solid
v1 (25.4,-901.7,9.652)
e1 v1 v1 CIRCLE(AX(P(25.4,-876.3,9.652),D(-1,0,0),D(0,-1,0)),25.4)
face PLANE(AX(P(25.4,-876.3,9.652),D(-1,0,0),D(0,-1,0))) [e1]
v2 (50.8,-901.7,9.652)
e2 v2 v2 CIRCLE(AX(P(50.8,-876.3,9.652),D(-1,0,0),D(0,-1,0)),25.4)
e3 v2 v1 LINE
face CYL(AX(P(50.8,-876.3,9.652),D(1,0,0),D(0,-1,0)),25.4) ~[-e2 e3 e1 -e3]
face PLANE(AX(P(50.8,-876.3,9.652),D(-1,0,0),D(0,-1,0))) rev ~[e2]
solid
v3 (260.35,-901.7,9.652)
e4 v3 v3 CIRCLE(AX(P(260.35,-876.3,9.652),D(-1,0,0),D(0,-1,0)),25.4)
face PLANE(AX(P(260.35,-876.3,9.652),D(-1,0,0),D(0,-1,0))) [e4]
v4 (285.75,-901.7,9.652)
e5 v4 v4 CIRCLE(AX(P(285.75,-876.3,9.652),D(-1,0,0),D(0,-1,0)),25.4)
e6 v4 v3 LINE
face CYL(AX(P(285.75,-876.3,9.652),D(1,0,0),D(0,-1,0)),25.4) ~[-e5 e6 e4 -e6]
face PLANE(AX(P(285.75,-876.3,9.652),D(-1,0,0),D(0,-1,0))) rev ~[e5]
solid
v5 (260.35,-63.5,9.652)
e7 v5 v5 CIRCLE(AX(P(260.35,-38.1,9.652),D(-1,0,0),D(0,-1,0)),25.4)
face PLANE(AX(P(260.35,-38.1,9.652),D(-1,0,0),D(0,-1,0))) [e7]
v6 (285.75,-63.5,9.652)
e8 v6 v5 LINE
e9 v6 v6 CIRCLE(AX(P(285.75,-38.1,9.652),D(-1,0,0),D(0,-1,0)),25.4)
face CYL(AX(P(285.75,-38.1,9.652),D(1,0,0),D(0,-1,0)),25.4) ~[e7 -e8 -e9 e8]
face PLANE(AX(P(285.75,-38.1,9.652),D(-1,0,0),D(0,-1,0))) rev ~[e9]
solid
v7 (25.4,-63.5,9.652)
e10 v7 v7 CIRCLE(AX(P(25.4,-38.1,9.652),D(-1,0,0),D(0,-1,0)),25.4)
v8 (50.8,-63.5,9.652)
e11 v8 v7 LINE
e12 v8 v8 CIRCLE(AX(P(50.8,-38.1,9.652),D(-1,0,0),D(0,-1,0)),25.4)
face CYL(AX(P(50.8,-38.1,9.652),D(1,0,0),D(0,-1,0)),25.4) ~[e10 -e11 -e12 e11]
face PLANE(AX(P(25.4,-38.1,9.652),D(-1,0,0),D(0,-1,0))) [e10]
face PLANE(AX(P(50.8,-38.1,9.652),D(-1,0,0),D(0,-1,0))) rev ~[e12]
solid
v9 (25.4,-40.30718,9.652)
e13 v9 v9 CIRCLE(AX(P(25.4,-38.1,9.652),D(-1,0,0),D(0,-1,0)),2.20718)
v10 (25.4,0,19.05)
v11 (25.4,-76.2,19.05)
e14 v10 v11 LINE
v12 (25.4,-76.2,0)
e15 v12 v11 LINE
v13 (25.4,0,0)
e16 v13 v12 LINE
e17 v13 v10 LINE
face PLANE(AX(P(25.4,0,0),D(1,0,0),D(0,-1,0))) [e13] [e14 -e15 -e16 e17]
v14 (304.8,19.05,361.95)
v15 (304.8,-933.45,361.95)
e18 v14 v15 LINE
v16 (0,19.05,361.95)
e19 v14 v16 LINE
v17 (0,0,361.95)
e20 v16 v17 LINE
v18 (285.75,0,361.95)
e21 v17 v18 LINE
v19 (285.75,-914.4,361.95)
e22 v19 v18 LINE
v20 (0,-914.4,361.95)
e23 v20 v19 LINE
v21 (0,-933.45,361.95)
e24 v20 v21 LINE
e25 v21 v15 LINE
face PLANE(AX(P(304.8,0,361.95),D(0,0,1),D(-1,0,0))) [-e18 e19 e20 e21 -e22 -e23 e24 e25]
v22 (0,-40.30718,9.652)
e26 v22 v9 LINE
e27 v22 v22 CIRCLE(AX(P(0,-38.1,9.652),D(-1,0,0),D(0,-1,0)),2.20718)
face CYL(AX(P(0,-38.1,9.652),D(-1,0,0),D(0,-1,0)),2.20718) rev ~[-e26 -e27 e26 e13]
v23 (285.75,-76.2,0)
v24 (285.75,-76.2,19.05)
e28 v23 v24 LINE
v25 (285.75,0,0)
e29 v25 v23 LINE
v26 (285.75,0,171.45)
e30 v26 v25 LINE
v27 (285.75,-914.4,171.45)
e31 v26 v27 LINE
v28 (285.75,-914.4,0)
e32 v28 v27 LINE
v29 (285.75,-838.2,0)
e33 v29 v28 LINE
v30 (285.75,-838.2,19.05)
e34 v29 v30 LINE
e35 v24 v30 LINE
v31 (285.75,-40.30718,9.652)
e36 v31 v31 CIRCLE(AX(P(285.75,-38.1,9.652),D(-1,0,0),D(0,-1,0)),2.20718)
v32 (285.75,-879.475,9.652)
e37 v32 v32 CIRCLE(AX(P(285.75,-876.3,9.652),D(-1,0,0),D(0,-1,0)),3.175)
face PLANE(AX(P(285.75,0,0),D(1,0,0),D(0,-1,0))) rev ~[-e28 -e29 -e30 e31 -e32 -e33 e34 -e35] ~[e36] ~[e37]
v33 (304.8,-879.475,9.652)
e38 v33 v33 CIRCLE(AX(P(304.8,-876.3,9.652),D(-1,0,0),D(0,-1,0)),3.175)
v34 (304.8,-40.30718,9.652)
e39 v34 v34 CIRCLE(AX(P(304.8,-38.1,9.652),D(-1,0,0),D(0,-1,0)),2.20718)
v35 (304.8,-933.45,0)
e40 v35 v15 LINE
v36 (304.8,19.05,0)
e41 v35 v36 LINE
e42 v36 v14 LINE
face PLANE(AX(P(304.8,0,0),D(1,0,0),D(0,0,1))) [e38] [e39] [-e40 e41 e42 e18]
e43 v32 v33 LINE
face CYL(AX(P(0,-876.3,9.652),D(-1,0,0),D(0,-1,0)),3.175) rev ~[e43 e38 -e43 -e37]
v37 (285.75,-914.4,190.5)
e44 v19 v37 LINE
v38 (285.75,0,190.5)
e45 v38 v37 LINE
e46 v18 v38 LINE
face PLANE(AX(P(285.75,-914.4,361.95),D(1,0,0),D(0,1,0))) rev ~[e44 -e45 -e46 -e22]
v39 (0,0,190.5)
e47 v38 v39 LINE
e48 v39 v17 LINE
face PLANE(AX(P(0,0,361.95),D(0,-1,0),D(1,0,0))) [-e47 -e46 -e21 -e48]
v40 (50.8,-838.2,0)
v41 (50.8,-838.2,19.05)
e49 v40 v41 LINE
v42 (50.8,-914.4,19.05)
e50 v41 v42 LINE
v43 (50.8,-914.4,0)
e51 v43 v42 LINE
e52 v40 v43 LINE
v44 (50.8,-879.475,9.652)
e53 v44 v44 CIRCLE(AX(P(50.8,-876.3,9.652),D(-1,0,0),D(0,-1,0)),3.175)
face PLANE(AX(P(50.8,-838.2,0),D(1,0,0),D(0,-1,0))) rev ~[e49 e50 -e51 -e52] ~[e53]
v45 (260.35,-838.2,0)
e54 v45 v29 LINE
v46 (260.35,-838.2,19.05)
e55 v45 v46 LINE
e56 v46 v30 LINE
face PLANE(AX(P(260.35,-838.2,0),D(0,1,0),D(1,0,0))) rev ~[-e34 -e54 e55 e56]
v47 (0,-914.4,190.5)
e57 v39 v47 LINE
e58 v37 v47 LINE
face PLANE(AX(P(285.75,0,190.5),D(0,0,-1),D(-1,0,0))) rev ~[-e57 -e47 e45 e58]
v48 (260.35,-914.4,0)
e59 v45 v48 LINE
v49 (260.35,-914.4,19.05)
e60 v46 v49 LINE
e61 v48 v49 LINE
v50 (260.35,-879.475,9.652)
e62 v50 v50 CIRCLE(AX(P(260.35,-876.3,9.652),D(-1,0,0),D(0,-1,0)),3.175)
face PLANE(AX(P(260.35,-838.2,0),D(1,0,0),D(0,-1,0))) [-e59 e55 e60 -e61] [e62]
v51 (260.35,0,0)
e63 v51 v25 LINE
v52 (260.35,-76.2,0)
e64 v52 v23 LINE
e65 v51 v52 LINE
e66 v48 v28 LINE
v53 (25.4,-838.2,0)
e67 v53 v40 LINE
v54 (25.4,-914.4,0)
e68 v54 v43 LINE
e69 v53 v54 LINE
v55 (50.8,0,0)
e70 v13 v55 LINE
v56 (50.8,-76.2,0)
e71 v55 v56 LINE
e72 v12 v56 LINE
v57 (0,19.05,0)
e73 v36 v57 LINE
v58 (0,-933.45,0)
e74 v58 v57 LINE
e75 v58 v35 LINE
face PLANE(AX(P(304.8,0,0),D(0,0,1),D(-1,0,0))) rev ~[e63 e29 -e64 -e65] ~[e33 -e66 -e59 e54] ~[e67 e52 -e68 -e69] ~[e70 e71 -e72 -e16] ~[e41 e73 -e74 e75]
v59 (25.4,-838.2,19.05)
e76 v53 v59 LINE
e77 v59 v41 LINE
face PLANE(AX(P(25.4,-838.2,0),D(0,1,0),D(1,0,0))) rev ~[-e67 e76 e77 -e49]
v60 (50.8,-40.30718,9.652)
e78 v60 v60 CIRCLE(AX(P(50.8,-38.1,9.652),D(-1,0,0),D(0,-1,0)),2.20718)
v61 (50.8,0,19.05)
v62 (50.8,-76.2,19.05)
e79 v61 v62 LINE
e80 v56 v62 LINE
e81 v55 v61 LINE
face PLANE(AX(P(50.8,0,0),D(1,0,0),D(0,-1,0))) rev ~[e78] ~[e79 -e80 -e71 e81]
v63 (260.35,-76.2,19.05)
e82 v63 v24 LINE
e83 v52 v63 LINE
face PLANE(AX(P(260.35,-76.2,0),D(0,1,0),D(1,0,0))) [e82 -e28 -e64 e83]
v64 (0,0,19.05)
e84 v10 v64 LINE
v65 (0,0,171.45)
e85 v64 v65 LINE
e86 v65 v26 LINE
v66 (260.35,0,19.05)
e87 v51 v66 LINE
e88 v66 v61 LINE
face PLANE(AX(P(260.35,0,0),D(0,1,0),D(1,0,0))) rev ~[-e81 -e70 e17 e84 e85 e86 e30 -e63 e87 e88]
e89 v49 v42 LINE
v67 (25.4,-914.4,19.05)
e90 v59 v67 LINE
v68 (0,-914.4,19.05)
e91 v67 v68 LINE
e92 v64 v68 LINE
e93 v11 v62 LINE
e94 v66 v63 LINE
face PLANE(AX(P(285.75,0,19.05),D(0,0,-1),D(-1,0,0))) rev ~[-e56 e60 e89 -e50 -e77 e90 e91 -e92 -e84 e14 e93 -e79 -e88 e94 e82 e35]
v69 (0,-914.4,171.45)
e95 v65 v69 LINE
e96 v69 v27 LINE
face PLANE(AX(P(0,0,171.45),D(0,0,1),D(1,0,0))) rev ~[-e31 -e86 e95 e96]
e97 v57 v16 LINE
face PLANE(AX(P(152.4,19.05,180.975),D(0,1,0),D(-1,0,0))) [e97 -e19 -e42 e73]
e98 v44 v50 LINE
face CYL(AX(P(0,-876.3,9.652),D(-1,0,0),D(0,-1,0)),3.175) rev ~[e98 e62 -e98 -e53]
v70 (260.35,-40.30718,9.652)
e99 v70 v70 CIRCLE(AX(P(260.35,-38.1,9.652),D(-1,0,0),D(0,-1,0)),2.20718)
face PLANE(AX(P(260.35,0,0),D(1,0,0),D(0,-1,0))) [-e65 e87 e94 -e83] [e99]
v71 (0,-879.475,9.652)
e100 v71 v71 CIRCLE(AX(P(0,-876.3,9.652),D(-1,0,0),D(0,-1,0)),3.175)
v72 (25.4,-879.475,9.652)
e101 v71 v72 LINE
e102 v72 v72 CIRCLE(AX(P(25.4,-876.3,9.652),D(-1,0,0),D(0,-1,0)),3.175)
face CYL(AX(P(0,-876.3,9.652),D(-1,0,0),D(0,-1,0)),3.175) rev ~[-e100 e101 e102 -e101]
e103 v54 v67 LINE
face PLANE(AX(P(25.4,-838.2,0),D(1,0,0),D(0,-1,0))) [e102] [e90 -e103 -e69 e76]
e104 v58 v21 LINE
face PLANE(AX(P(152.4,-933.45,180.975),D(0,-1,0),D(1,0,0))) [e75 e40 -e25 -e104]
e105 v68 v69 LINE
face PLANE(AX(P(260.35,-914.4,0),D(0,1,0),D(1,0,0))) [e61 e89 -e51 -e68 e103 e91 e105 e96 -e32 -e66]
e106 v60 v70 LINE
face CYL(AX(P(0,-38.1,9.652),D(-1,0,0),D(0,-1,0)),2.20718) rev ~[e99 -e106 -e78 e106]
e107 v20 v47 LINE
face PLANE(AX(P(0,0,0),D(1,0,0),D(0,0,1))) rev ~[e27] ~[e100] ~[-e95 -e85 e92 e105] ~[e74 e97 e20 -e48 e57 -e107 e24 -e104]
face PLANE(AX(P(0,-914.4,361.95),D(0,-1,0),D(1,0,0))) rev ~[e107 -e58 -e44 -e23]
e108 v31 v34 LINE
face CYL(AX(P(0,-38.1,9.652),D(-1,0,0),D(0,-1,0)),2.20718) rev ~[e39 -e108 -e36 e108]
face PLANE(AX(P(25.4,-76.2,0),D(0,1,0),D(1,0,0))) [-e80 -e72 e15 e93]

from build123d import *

# Parameters (mm, degrees)
F1_DEPTH  = 914.4
F2_W      = 304.8
F2_H      = 361.95
F3_DEPTH  = 19.05
F4_W      = 304.8
F4_H      = 361.95
F5_DEPTH  = 19.05
F6_W      = 285.75
F6_H      = 914.4
F7_DEPTH  = 25.4
F8_W      = 25.4
F8_H      = 76.2
F9_DEPTH  = 25.4
F10_R     = 3.175
F10_R_2   = 2.20718
F11_DEPTH = 304.801
F12_R     = 25.4
F13_DEPTH = 25.4
F14_R     = 25.4
F15_DEPTH = 25.4


with BuildPart() as f1:
    # F0 (on Front) → F1 (new body)
    with BuildSketch(Plane.XZ):
        Polygon((0, 19.05), (0, 0), (304.8, 0), (304.8, 361.95), (0, 361.95), (0, 342.9), (285.75, 342.9), (285.75, 190.5), (0, 190.5), (0, 171.45), (285.75, 171.45), (285.75, 19.05), align=None)
    extrude(amount=F1_DEPTH)

    # F2 (on face) → F3 (join)
    with BuildSketch(Plane.XZ.offset(914.4)):
        with Locations((152.4, 180.975)):
            Rectangle(F2_W, F2_H)
    extrude(amount=F3_DEPTH)

    # F4 (on face) → F5 (join)
    with BuildSketch(Plane(origin=(0, 0, 0), x_dir=(-1, 0, 0), z_dir=(0, 1, 0))):
        with Locations((-152.4, 180.975)):
            Rectangle(F4_W, F4_H)
    extrude(amount=F5_DEPTH)

    # F6 (on face) → F7 (cut)
    with BuildSketch(Plane.XY.offset(361.95)):
        with Locations((142.875, -457.2)):
            Rectangle(F6_W, F6_H)
    extrude(amount=-F7_DEPTH, mode=Mode.SUBTRACT)

    # F8 (on face) → F9 (cut)
    with BuildSketch(Plane(origin=(0, 0, 0), x_dir=(1, 0, 0), z_dir=(0, 0, -1))):
        with Locations((38.1, 876.3)):
            Rectangle(F8_W, F8_H)
        with Locations((273.05, 876.3)):
            Rectangle(F8_W, F8_H)
        with Locations((273.05, 38.1)):
            Rectangle(F8_W, F8_H)
        with Locations((38.1, 38.1)):
            Rectangle(F8_W, F8_H)
    extrude(amount=-F9_DEPTH, mode=Mode.SUBTRACT)

    # F10 (on face) → F11 (cut, through all)
    with BuildSketch(Plane(origin=(0, 0, 0), x_dir=(0, -1, 0), z_dir=(-1, 0, 0))):
        with Locations((876.3, 9.652)):
            Circle(F10_R)
        with Locations((38.1, 9.652)):
            Circle(F10_R_2)
    extrude(amount=-F11_DEPTH, mode=Mode.SUBTRACT)


with BuildPart() as f13:
    # F12 (on face) → F13 (new body)
    with BuildSketch(Plane(origin=(50.8, 0, 0), x_dir=(0, -1, 0), z_dir=(-1, 0, 0))):
        with Locations((876.3, 9.652)):
            Circle(F12_R)
        with Locations((38.1, 9.652)):
            Circle(F12_R)
    extrude(amount=F13_DEPTH)


with BuildPart() as f15:
    # F14 (on face) → F15 (new body)
    with BuildSketch(Plane(origin=(285.75, 0, 0), x_dir=(0, -1, 0), z_dir=(-1, 0, 0))):
        with Locations((876.3, 9.652)):
            Circle(F14_R)
        with Locations((38.1, 9.652)):
            Circle(F14_R)
    extrude(amount=F15_DEPTH)


solid = Compound([f1.part, f13.part, f15.part])
